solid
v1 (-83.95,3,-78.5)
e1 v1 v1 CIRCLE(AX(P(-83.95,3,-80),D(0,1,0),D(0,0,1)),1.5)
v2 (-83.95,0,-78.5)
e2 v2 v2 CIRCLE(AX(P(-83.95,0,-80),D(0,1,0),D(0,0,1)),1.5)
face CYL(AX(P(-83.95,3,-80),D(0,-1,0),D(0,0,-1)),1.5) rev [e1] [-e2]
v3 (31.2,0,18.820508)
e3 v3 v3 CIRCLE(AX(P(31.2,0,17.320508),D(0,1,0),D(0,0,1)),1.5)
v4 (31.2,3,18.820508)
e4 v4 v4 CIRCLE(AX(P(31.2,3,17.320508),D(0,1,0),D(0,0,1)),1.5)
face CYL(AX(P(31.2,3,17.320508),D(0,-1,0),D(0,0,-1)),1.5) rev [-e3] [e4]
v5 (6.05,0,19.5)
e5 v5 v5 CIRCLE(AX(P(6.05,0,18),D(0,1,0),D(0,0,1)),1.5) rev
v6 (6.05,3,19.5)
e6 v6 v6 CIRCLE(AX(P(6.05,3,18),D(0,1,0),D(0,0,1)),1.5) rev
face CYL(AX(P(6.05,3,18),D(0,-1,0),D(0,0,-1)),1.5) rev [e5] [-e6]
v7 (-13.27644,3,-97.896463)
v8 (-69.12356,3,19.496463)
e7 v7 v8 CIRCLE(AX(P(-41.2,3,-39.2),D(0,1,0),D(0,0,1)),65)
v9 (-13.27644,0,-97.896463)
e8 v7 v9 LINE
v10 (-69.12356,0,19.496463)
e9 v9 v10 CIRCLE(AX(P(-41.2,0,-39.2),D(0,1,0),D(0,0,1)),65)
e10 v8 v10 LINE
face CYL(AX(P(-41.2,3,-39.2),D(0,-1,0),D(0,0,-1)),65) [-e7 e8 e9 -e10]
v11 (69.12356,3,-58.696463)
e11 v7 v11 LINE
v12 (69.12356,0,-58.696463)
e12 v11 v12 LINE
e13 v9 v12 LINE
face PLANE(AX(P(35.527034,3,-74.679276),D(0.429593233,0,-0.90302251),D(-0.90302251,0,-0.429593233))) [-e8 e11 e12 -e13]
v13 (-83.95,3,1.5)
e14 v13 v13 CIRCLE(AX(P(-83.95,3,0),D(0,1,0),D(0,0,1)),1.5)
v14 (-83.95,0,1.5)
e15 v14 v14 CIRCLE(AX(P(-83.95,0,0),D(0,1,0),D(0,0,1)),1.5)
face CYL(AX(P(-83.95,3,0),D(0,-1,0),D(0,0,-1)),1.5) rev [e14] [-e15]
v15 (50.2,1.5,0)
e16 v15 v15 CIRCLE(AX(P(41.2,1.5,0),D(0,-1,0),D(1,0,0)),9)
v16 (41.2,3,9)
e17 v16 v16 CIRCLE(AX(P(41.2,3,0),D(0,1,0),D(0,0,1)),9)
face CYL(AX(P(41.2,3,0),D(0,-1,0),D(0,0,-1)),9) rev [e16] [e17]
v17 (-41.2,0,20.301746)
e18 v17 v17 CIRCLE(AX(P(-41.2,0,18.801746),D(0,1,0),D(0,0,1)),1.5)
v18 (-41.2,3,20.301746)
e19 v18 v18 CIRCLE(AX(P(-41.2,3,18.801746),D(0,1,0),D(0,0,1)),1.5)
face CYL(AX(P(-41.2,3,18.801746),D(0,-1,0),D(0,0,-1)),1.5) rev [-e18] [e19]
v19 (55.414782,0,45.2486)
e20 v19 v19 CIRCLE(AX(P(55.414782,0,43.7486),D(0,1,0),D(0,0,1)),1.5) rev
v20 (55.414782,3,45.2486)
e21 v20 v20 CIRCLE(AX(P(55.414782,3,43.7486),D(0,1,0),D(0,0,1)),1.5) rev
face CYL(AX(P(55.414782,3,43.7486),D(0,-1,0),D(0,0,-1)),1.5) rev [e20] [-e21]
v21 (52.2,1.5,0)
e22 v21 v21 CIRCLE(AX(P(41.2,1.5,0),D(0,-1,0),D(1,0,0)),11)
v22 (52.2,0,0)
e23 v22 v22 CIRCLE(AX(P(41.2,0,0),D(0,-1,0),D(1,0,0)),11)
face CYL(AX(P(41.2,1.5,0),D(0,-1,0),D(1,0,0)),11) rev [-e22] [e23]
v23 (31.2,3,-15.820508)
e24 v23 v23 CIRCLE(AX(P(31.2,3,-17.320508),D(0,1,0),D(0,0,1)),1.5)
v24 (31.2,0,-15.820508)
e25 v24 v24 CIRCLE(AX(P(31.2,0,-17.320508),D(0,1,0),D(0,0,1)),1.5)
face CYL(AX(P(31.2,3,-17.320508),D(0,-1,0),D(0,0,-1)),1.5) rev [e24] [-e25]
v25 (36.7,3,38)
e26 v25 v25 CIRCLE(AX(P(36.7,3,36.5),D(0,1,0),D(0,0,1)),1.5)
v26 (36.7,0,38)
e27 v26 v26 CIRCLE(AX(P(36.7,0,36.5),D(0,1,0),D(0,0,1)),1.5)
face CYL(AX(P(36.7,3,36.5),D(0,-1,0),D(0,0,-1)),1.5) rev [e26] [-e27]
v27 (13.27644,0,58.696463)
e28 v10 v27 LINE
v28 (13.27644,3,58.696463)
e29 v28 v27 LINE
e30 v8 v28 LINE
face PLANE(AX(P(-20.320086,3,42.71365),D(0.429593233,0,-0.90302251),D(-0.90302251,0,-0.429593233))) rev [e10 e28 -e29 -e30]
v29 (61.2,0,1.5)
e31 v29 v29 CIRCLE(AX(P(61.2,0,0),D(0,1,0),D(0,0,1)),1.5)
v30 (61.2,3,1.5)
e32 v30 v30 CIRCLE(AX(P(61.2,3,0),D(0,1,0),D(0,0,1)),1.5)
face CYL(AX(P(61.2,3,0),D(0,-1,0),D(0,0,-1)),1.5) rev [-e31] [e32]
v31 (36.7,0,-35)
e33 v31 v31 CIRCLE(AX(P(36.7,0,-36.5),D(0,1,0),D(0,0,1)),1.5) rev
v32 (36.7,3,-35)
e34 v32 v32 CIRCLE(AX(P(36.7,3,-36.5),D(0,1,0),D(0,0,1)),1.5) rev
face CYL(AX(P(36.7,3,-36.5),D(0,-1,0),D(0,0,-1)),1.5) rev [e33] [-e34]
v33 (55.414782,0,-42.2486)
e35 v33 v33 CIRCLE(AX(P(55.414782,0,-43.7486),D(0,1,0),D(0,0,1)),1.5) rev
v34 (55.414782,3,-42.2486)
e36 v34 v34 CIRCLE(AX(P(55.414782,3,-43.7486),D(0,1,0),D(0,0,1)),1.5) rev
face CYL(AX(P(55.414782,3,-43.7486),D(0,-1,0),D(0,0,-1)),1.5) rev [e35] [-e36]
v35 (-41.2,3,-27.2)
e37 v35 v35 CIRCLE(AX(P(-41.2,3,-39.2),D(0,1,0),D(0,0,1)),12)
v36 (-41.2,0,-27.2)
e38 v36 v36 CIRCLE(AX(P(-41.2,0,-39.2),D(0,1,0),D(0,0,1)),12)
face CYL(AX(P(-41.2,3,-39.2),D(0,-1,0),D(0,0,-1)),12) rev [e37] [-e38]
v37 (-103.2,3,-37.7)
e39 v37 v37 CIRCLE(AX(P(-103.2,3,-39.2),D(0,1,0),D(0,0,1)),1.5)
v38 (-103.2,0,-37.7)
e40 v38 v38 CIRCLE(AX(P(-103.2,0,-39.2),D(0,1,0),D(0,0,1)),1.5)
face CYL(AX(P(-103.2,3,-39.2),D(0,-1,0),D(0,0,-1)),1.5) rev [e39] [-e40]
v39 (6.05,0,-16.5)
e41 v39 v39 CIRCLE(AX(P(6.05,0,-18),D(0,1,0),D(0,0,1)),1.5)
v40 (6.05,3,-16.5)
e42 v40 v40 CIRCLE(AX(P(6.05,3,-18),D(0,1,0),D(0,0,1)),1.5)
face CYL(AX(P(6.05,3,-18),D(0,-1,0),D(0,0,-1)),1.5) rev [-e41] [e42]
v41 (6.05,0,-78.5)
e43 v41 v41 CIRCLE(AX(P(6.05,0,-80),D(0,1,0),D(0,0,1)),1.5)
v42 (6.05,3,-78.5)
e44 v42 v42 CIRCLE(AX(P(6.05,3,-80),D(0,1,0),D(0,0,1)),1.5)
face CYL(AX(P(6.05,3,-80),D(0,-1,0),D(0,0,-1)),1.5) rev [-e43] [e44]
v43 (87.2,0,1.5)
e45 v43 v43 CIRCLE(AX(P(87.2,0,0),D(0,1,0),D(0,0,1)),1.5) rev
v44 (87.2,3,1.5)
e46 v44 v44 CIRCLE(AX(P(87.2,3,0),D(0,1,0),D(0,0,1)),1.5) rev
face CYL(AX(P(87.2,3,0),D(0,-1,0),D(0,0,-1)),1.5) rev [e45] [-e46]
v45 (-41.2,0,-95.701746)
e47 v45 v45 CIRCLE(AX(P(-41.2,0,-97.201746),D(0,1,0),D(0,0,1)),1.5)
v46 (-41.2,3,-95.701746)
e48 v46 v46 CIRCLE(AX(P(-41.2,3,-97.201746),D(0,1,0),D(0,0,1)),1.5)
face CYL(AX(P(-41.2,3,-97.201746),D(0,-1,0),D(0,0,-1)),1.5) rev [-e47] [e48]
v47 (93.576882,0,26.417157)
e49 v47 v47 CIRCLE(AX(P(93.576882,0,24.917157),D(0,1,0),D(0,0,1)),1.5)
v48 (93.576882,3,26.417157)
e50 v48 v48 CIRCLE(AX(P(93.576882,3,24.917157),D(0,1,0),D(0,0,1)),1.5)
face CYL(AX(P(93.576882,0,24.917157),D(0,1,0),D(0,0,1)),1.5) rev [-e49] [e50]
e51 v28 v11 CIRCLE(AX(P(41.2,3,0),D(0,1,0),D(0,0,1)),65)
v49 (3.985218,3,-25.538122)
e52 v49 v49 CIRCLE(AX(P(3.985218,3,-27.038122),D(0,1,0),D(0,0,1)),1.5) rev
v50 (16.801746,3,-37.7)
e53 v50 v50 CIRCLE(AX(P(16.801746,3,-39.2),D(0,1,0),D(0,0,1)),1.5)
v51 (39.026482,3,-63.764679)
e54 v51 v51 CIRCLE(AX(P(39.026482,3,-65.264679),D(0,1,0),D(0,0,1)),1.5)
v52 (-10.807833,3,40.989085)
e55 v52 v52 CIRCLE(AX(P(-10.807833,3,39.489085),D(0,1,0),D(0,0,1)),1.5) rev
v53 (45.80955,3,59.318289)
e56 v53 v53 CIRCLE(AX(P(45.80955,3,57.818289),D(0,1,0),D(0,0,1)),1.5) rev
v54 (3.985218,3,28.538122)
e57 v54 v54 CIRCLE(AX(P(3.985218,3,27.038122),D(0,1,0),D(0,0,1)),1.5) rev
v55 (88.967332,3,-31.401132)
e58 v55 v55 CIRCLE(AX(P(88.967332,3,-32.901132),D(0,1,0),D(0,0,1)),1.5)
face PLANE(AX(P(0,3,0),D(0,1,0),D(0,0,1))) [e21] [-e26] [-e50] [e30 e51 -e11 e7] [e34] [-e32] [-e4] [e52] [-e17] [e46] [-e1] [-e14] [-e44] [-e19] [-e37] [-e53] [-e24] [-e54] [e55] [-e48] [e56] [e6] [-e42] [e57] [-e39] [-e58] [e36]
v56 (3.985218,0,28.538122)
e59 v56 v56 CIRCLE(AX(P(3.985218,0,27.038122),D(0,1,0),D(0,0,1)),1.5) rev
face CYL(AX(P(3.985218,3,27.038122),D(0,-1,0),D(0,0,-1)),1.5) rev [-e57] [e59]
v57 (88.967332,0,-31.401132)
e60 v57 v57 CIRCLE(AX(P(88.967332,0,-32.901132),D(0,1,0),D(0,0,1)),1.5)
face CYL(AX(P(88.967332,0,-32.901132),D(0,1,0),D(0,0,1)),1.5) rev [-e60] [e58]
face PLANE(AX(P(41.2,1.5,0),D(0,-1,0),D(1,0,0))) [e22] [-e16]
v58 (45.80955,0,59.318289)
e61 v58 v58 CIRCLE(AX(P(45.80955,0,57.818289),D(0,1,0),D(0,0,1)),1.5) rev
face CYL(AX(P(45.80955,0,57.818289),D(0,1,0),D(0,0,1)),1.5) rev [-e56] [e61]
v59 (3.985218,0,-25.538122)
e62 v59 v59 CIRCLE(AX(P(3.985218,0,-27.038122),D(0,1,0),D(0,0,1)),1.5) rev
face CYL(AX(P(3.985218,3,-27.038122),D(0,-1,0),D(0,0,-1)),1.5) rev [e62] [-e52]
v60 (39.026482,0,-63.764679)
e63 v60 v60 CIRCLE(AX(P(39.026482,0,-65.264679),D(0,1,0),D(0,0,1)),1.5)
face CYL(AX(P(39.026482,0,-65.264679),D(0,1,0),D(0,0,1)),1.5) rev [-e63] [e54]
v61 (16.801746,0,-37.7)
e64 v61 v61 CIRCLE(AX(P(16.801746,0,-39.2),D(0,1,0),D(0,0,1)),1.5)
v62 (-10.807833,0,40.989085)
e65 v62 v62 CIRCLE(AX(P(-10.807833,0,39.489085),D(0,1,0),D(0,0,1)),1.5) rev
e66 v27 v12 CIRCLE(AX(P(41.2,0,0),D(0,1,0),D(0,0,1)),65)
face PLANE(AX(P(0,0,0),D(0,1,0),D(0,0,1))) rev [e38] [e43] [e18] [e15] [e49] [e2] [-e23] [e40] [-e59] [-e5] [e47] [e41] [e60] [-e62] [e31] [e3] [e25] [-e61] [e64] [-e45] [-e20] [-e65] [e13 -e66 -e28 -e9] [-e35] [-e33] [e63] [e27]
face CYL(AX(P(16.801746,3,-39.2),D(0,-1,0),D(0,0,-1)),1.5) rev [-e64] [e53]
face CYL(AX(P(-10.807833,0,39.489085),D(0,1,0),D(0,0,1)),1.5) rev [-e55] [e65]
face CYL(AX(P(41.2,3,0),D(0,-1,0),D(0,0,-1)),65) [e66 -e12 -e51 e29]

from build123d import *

# Parameters (mm, degrees)
SKETCH_1_R          = 1.5
SKETCH_1_R_2        = 9
SKETCH_1_R_3        = 12
EXTRUDE_1_DEPTH     = 3
SKETCH_3_R          = 1.5
CUT_EXTRUDE_1_DEPTH = 3
SKETCH_4_R          = 11
SKETCH_4_R_2        = 9
CUT_EXTRUDE_2_DEPTH = 1.5


with BuildPart() as part:
    # 草图1 → 凸台-拉伸1 (new body)
    with BuildSketch(Plane(origin=(0, 0, 0), x_dir=(1, 0, 0), z_dir=(0, 1, 0))):
        with BuildLine():
            ThreePointArc((-13.276439851, 97.89646317), (-99.89646317, 67.123560149), (-69.123560149, -19.49646317))
            Line((-69.123560149, -19.49646317), (13.276439851, -58.69646317))
            ThreePointArc((13.276439851, -58.69646317), (26.88689597, -63.404534956), (41.2, -65))
            ThreePointArc((41.2, -65), (104.604534956, -14.31310403), (69.123560149, 58.69646317))
            Line((69.123560149, 58.69646317), (-13.276439851, 97.89646317))
        make_face()
        with Locations((-83.95, 0)):
            Circle(SKETCH_1_R, mode=Mode.SUBTRACT)
        with Locations((-41.2, -18.801745663)):
            Circle(SKETCH_1_R, mode=Mode.SUBTRACT)
        with Locations((3.985218259, -27.038121605)):
            Circle(SKETCH_1_R, mode=Mode.SUBTRACT)
        with Locations((36.7, -36.5)):
            Circle(SKETCH_1_R, mode=Mode.SUBTRACT)
        with Locations((55.414781741, -43.74859975)):
            Circle(SKETCH_1_R, mode=Mode.SUBTRACT)
        with Locations((6.05, -18)):
            Circle(SKETCH_1_R, mode=Mode.SUBTRACT)
        with Locations((31.2, -17.320508076)):
            Circle(SKETCH_1_R, mode=Mode.SUBTRACT)
        with Locations((6.05, 18)):
            Circle(SKETCH_1_R, mode=Mode.SUBTRACT)
        with Locations((41.2, 0)):
            Circle(SKETCH_1_R_2, mode=Mode.SUBTRACT)
        with Locations((31.2, 17.320508076)):
            Circle(SKETCH_1_R, mode=Mode.SUBTRACT)
        with Locations((61.2, 0)):
            Circle(SKETCH_1_R, mode=Mode.SUBTRACT)
        with Locations((87.2, 0)):
            Circle(SKETCH_1_R, mode=Mode.SUBTRACT)
        with Locations((-103.2, 39.2)):
            Circle(SKETCH_1_R, mode=Mode.SUBTRACT)
        with Locations((-41.2, 39.2)):
            Circle(SKETCH_1_R_3, mode=Mode.SUBTRACT)
        with Locations((-83.95, 80)):
            Circle(SKETCH_1_R, mode=Mode.SUBTRACT)
        with Locations((-41.2, 97.201745663)):
            Circle(SKETCH_1_R, mode=Mode.SUBTRACT)
        with Locations((3.985218259, 27.038121605)):
            Circle(SKETCH_1_R, mode=Mode.SUBTRACT)
        with Locations((16.801745663, 39.2)):
            Circle(SKETCH_1_R, mode=Mode.SUBTRACT)
        with Locations((36.7, 36.5)):
            Circle(SKETCH_1_R, mode=Mode.SUBTRACT)
        with Locations((55.414781741, 43.74859975)):
            Circle(SKETCH_1_R, mode=Mode.SUBTRACT)
        with Locations((6.05, 80)):
            Circle(SKETCH_1_R, mode=Mode.SUBTRACT)
    extrude(amount=EXTRUDE_1_DEPTH)

    # 草图3 → 切除-拉伸1 (cut)
    with BuildSketch(Plane(origin=(0, 3, 0), x_dir=(1, 0, 0), z_dir=(0, 1, 0))):
        with Locations((88.967332321, 32.901131637)):
            Circle(SKETCH_3_R)
        with Locations((39.026482133, 65.264678963)):
            Circle(SKETCH_3_R)
        with Locations((45.80954965, -57.818289079)):
            Circle(SKETCH_3_R)
        with Locations((-10.807832752, -39.489084979)):
            Circle(SKETCH_3_R)
        with Locations((93.576881971, -24.917157442)):
            Circle(SKETCH_3_R)
    extrude(amount=-CUT_EXTRUDE_1_DEPTH, mode=Mode.SUBTRACT)

    # 草图4 → 切除-拉伸2 (cut)
    with BuildSketch(Plane.XZ):
        with Locations((41.2, 0)):
            Circle(SKETCH_4_R)
        with Locations((41.2, 0)):
            Circle(SKETCH_4_R_2, mode=Mode.SUBTRACT)
    extrude(amount=-CUT_EXTRUDE_2_DEPTH, mode=Mode.SUBTRACT)


solid = part.part
